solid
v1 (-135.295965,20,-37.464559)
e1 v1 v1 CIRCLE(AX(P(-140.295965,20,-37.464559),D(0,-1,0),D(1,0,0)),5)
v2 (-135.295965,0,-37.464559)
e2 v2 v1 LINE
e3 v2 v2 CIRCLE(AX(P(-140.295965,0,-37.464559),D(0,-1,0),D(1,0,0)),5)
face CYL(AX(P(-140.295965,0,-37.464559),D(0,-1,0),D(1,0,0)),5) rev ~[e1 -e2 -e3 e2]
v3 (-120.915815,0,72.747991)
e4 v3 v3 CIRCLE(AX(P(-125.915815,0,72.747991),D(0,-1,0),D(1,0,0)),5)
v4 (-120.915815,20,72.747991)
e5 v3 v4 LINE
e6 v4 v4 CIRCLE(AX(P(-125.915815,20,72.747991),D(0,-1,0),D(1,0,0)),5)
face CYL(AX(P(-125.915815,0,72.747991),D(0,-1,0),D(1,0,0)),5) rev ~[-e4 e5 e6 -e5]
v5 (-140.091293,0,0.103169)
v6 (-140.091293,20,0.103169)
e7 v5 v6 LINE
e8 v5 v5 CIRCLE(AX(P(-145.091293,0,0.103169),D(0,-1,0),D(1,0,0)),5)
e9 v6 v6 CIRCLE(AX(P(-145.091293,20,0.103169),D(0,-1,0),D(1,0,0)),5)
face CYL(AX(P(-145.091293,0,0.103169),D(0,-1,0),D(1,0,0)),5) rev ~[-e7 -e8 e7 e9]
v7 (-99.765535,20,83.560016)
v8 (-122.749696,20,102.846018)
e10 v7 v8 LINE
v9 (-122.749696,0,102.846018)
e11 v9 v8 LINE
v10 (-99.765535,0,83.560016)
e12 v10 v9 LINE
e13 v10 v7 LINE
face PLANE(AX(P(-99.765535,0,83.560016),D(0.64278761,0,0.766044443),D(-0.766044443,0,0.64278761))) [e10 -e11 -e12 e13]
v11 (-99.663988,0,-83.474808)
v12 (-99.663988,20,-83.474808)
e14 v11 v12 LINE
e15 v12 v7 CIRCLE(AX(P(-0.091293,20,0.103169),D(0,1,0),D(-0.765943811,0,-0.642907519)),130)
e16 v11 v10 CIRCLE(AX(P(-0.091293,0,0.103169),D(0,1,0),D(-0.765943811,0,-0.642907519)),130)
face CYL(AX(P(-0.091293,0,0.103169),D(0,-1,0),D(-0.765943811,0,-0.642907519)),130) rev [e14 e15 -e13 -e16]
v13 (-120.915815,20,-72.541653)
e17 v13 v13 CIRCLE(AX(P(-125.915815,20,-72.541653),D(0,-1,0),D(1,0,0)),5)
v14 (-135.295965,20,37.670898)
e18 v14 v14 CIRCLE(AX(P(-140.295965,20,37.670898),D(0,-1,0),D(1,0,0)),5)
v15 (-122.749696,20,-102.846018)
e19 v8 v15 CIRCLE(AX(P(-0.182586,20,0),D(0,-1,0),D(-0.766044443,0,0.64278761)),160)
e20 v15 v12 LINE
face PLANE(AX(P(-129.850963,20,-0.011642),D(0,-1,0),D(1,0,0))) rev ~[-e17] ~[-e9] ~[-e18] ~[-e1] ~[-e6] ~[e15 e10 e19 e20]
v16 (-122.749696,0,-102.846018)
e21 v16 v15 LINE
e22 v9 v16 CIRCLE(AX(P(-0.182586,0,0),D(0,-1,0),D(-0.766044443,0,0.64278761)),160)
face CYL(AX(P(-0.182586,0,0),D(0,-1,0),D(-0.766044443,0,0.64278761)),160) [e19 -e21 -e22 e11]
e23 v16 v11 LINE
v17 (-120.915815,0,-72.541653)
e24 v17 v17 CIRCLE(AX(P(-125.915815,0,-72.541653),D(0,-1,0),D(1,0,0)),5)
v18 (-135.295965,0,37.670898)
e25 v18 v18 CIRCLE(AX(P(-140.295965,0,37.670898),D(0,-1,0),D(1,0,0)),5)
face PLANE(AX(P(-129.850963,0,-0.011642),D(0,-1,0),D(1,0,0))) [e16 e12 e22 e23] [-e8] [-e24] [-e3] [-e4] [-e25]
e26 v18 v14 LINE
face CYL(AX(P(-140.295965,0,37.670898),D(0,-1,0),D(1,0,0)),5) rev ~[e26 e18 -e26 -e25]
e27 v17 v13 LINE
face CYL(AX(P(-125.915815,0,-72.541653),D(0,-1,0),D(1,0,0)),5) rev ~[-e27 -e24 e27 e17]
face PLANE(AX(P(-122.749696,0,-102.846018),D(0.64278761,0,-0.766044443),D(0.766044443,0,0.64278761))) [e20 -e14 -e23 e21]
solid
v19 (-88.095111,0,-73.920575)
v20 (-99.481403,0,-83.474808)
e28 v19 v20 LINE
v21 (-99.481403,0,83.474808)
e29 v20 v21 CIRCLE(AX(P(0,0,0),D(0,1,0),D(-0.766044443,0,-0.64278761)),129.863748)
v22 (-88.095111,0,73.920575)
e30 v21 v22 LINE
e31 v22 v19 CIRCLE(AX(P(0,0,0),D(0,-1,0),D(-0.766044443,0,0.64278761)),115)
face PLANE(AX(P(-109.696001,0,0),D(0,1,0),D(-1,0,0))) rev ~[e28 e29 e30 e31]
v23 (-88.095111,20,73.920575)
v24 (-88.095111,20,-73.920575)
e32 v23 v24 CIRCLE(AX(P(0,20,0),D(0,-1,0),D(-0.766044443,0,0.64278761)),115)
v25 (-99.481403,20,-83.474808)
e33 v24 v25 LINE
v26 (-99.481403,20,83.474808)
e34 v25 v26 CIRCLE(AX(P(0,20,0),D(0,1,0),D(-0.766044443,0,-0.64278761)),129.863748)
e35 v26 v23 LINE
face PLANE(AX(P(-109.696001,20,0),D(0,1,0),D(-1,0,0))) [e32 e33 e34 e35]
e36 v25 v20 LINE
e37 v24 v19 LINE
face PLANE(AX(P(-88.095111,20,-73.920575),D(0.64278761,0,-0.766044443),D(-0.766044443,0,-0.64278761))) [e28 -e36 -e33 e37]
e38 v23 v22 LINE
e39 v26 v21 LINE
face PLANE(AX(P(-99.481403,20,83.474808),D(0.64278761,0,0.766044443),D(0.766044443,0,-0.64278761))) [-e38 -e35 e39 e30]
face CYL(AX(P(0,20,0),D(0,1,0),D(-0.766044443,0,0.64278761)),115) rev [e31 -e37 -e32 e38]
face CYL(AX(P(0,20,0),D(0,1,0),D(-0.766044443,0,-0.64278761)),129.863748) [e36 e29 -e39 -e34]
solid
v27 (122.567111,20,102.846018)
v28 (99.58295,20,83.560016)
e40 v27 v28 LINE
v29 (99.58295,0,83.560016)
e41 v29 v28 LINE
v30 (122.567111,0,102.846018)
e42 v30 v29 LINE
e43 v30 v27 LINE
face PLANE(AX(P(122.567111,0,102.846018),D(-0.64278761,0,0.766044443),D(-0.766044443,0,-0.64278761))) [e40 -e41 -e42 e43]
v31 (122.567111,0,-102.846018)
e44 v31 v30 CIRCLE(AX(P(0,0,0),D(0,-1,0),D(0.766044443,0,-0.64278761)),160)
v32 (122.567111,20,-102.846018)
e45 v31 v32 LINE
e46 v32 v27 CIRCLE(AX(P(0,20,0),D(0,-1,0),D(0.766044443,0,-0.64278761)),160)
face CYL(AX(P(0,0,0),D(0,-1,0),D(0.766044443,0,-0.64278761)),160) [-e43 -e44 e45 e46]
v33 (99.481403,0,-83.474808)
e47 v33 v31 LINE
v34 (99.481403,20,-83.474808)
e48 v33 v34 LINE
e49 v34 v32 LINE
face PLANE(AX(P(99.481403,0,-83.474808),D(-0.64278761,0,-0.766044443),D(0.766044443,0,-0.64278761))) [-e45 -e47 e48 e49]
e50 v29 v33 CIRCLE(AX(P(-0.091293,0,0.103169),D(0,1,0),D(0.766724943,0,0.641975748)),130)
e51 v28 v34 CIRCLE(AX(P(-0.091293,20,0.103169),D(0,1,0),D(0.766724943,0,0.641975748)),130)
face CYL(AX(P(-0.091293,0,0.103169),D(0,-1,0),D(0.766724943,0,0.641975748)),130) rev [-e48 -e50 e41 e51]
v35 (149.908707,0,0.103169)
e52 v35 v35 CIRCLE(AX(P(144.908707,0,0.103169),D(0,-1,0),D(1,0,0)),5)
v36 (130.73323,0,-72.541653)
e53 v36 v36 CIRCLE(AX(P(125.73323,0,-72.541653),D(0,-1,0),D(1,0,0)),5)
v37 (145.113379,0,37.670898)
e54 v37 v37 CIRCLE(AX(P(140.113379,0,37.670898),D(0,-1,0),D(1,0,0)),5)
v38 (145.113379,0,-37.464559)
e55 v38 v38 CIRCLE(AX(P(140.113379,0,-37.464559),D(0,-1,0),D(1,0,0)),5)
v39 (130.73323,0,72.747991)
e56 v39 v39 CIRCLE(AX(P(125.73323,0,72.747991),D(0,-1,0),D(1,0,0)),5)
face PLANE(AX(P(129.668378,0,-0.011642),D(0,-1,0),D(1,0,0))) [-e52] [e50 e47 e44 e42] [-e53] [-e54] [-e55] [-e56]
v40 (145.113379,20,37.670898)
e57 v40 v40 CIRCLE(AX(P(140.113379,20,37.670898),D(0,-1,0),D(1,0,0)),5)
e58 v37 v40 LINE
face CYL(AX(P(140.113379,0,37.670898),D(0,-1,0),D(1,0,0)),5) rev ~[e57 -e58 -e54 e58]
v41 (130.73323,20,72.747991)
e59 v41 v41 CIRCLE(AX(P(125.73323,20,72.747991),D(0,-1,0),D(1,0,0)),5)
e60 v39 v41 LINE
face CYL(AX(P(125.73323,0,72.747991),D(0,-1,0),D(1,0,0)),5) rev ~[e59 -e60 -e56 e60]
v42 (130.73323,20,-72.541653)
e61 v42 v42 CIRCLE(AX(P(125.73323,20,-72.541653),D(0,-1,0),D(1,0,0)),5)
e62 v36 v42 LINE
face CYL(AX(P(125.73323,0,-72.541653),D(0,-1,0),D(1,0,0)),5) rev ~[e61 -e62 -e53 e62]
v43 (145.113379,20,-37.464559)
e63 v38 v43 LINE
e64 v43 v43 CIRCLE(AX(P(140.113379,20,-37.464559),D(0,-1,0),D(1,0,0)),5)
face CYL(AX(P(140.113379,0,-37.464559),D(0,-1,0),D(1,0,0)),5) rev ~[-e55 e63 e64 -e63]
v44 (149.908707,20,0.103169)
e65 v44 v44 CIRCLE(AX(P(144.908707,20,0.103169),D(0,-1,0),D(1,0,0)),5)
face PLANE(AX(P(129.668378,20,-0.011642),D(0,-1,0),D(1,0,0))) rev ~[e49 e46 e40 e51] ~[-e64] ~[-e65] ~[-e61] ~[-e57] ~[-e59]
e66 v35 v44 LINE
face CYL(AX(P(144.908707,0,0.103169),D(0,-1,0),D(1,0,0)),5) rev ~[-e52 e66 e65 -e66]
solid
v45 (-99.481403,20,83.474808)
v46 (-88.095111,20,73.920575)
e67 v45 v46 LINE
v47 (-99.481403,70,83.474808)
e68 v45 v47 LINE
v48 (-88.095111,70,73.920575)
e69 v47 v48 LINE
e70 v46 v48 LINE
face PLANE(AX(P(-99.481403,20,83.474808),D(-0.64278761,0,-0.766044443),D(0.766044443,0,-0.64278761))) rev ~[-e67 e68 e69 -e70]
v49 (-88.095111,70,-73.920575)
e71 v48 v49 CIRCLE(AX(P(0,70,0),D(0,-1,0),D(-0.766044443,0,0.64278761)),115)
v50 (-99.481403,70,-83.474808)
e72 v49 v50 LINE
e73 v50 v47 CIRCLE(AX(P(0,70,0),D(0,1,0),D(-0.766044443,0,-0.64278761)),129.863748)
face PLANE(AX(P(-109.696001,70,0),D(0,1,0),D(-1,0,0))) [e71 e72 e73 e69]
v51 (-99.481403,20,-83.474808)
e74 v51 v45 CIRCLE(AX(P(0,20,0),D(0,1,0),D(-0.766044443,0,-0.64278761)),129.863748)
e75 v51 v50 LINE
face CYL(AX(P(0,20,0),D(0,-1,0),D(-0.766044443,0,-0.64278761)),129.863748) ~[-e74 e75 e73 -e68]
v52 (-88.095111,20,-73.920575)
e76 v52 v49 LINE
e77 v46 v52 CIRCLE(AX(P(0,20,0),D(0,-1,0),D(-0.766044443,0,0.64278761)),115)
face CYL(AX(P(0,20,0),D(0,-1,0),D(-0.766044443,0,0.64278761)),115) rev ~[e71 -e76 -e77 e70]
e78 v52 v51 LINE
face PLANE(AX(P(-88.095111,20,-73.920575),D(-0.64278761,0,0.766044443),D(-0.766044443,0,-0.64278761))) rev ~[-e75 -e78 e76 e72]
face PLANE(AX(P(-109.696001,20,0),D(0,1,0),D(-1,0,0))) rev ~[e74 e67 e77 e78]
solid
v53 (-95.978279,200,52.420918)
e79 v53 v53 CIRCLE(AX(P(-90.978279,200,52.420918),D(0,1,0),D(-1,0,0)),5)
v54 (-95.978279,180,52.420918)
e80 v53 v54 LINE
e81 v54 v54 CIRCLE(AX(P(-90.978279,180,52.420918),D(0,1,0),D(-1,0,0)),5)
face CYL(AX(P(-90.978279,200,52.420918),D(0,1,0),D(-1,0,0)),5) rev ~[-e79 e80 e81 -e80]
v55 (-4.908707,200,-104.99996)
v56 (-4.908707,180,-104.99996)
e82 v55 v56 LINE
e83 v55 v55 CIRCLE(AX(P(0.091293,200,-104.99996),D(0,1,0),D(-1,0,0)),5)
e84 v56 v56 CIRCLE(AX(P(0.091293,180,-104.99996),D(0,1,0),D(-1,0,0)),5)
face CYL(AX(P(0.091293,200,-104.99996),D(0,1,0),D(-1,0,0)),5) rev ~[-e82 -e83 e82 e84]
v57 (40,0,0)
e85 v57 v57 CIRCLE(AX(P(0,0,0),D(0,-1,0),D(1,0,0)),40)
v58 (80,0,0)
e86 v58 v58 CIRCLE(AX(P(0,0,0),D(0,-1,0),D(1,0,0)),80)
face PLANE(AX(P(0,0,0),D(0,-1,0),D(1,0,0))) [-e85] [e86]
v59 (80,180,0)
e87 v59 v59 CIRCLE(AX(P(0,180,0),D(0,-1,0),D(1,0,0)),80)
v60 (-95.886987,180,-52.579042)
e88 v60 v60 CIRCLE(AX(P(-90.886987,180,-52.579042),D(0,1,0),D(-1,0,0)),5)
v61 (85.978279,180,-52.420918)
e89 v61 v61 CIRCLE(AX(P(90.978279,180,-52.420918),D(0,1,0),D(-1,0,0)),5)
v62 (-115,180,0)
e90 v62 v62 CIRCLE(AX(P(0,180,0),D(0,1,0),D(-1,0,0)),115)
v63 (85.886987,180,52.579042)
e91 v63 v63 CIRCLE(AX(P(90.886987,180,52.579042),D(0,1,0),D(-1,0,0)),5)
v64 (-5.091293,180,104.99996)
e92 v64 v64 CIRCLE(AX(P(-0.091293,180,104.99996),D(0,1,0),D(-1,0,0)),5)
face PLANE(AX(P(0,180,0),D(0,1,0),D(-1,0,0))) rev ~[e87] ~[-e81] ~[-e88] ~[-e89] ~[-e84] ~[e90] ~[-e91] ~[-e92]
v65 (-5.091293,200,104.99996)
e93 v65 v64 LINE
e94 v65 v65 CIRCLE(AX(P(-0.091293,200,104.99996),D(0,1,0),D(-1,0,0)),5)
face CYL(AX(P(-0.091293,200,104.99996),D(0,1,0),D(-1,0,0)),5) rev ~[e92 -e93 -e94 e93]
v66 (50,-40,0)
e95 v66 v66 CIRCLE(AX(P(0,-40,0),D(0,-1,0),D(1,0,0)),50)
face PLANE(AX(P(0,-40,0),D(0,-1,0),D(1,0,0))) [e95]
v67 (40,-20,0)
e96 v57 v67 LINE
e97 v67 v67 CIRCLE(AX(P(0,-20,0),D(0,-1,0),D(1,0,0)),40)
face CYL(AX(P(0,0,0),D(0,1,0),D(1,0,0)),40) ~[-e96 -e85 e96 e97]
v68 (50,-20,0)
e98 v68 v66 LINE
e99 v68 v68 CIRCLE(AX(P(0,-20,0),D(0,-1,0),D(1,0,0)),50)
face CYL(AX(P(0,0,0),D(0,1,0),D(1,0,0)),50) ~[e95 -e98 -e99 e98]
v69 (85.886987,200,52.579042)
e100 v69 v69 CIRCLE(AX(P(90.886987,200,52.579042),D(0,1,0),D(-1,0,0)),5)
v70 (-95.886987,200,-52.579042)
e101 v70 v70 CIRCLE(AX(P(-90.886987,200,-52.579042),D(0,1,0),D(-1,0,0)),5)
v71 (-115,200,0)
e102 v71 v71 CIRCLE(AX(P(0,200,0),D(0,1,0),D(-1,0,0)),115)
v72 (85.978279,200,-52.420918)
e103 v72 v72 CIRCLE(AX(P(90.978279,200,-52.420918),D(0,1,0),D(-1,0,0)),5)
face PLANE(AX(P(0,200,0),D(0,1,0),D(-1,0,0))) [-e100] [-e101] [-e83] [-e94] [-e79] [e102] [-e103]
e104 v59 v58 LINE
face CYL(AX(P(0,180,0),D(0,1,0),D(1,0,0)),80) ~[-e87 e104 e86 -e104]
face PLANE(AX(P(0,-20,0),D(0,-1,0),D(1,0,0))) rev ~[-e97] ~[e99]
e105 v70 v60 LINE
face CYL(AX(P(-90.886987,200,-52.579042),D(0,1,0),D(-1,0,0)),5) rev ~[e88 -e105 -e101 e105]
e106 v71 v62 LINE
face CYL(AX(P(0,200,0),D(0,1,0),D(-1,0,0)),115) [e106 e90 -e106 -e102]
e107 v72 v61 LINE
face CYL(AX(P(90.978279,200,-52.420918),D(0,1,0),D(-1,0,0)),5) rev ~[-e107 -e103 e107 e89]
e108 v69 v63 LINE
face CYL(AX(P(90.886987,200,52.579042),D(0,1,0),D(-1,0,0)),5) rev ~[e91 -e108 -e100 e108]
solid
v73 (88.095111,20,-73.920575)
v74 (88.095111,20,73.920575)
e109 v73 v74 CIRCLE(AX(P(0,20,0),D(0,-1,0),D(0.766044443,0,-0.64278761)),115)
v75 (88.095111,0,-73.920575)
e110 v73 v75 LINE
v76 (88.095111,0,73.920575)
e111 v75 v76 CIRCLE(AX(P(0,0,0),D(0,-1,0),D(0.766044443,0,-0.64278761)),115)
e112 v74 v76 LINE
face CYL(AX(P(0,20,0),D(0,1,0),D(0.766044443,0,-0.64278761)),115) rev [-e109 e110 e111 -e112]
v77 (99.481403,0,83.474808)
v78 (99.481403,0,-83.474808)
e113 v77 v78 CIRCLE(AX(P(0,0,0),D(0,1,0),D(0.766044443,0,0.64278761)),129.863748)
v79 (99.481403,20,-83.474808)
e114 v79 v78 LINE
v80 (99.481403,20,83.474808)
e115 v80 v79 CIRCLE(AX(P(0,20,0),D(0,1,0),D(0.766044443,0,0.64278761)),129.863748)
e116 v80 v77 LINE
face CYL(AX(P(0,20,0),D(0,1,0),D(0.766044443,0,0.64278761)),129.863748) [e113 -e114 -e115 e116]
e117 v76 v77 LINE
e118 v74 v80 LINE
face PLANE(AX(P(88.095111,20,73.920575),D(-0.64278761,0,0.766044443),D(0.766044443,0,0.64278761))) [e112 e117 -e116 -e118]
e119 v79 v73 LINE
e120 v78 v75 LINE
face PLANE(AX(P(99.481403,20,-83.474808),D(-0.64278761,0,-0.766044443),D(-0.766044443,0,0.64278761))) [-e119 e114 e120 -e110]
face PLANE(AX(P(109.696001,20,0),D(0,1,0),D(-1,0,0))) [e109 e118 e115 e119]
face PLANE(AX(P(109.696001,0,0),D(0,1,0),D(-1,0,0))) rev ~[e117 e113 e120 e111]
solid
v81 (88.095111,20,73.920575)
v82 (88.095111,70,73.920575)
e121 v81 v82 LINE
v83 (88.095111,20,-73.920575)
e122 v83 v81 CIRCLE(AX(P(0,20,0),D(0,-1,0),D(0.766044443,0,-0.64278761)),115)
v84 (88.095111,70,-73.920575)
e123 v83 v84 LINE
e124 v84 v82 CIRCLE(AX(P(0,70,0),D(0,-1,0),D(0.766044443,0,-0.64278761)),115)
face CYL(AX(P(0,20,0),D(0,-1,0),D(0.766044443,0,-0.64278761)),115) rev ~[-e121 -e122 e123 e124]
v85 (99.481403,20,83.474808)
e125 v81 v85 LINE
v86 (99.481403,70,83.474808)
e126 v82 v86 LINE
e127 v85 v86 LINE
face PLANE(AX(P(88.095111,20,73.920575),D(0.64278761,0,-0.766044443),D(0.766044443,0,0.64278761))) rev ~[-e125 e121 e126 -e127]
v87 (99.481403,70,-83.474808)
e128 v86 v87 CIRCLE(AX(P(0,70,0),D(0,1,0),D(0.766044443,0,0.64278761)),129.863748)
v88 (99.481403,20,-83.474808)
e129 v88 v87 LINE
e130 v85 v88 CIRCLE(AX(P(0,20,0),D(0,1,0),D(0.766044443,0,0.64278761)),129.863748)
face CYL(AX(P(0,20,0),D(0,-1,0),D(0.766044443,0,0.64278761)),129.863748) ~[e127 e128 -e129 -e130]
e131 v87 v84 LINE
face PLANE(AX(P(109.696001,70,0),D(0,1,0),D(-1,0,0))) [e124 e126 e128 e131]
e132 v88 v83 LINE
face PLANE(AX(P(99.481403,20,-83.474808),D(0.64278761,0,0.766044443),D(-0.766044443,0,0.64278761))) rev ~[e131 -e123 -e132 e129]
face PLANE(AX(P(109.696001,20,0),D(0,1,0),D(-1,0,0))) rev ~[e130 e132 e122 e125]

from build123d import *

# Parameters (mm, degrees)
F0_R      = 5
F1_DEPTH  = 20
F3_R      = 115
F3_R_2    = 5
F3_R_3    = 95
F4_DEPTH  = 20
F5_R      = 80
F6_DEPTH  = 180
F7_R      = 50
F7_R_2    = 40
F8_DEPTH  = 40
F9_DEPTH  = 20
F11_DEPTH = 20
F12_DEPTH = 50


with BuildPart() as f1:
    # F0 (on Front) → F1 (new body)
    with BuildSketch(Plane.XZ):
        with BuildLine():
            Line((122.567110899, 102.8460175499), (99.5829498528, 83.5600164931))
            ThreePointArc((99.5829498528, 83.5600164931), (129.9086831953, 0.0241370063), (99.481402654, -83.4748082759))
            Line((99.481402654, -83.4748082759), (122.567110899, -102.8460175499))
            ThreePointArc((122.567110899, -102.8460175499), (160, 0), (122.567110899, 102.8460175499))
        make_face()
        with Locations((125.7332297188, -72.5416527074)):
            Circle(F0_R, mode=Mode.SUBTRACT)
        with Locations((140.1133790573, -37.4645593656)):
            Circle(F0_R, mode=Mode.SUBTRACT)
        with Locations((144.9087072187, 0.1031692286)):
            Circle(F0_R, mode=Mode.SUBTRACT)
        with Locations((140.1133790573, 37.6708978229)):
            Circle(F0_R, mode=Mode.SUBTRACT)
        with Locations((125.7332297188, 72.7479911647)):
            Circle(F0_R, mode=Mode.SUBTRACT)
    extrude(amount=-F1_DEPTH)


with BuildPart() as f1b:
    # F0 (on Front) → F1, piece 2 (new body)
    with BuildSketch(Plane.XZ):
        with BuildLine():
            ThreePointArc((-99.6639882165, -83.4748082759), (-130.0912687578, 0.0241370063), (-99.7655354154, 83.5600164931))
            Line((-99.7655354154, 83.5600164931), (-122.7496964616, 102.8460175499))
            ThreePointArc((-122.7496964616, 102.8460175499), (-160.1825855625, 0), (-122.7496964616, -102.8460175499))
            Line((-122.7496964616, -102.8460175499), (-99.6639882165, -83.4748082759))
        make_face()
        with Locations((-125.9158152813, -72.5416527074)):
            Circle(F0_R, mode=Mode.SUBTRACT)
        with Locations((-140.2959646198, -37.4645593656)):
            Circle(F0_R, mode=Mode.SUBTRACT)
        with Locations((-145.0912927813, 0.1031692286)):
            Circle(F0_R, mode=Mode.SUBTRACT)
        with Locations((-140.2959646198, 37.6708978229)):
            Circle(F0_R, mode=Mode.SUBTRACT)
        with Locations((-125.9158152813, 72.7479911647)):
            Circle(F0_R, mode=Mode.SUBTRACT)
    extrude(amount=-F1_DEPTH)


with BuildPart() as f4:
    # F3 (on offset) → F4 (new body)
    with BuildSketch(Plane(origin=(0, 200, 0), x_dir=(-1, 0, 0), z_dir=(0, 1, 0))):
        Circle(F3_R)
        with Locations((-0.0912927813, -104.9999603125)):
            Circle(F3_R_2, mode=Mode.SUBTRACT)
        with Locations((-90.9782794176, -52.4209182885)):
            Circle(F3_R_2, mode=Mode.SUBTRACT)
        with Locations((90.8869866364, -52.579042024)):
            Circle(F3_R_2, mode=Mode.SUBTRACT)
        with Locations((-90.8869866364, 52.579042024)):
            Circle(F3_R_2, mode=Mode.SUBTRACT)
        Circle(F3_R_3, mode=Mode.SUBTRACT)
        with Locations((90.9782794176, 52.4209182885)):
            Circle(F3_R_2, mode=Mode.SUBTRACT)
        with Locations((0.0912927813, 104.9999603125)):
            Circle(F3_R_2, mode=Mode.SUBTRACT)
        Circle(F3_R_3)
    extrude(amount=-F4_DEPTH)

    # F5 (on face) → F6 (join)
    with BuildSketch(Plane.XZ.offset(-180)):
        Circle(F5_R)
    extrude(amount=F6_DEPTH)

    # F7 (on face) → F8 (join)
    with BuildSketch(Plane.XZ):
        Circle(F7_R)
        Circle(F7_R_2, mode=Mode.SUBTRACT)
        Circle(F7_R_2)
    extrude(amount=F8_DEPTH)

    # F7 (on face) → F9 (cut)
    with BuildSketch(Plane.XZ):
        Circle(F7_R)
        Circle(F7_R_2, mode=Mode.SUBTRACT)
    extrude(amount=F9_DEPTH, mode=Mode.SUBTRACT)


with BuildPart() as f11:
    # F10 (on face) → F11 (new body)
    with BuildSketch(Plane(origin=(0, 20, 0), x_dir=(-1, 0, 0), z_dir=(0, 1, 0))):
        with BuildLine():
            Line((88.0951109587, -73.920575114), (99.481402654, -83.4748082759))
            ThreePointArc((99.481402654, -83.4748082759), (129.8637481775, 0), (99.481402654, 83.4748082759))
            Line((99.481402654, 83.4748082759), (88.0951109587, 73.920575114))
            ThreePointArc((88.0951109587, 73.920575114), (115, 0), (88.0951109587, -73.920575114))
        make_face()
    extrude(amount=-F11_DEPTH)


with BuildPart() as f11b:
    # F10 (on face) → F11, piece 2 (new body)
    with BuildSketch(Plane(origin=(0, 20, 0), x_dir=(-1, 0, 0), z_dir=(0, 1, 0))):
        with BuildLine():
            Line((-88.0951109587, 73.920575114), (-99.481402654, 83.4748082759))
            ThreePointArc((-99.481402654, 83.4748082759), (-129.8637481775, 0), (-99.481402654, -83.4748082759))
            Line((-99.481402654, -83.4748082759), (-88.0951109587, -73.920575114))
            ThreePointArc((-88.0951109587, -73.920575114), (-115, 0), (-88.0951109587, 73.920575114))
        make_face()
    extrude(amount=-F11_DEPTH)


with BuildPart() as f12:
    # F10 (on face) → F12 (new body)
    with BuildSketch(Plane(origin=(0, 20, 0), x_dir=(-1, 0, 0), z_dir=(0, 1, 0))):
        with BuildLine():
            Line((88.0951109587, -73.920575114), (99.481402654, -83.4748082759))
            ThreePointArc((99.481402654, -83.4748082759), (129.8637481775, 0), (99.481402654, 83.4748082759))
            Line((99.481402654, 83.4748082759), (88.0951109587, 73.920575114))
            ThreePointArc((88.0951109587, 73.920575114), (115, 0), (88.0951109587, -73.920575114))
        make_face()
    extrude(amount=F12_DEPTH)


with BuildPart() as f12b:
    # F10 (on face) → F12, piece 2 (new body)
    with BuildSketch(Plane(origin=(0, 20, 0), x_dir=(-1, 0, 0), z_dir=(0, 1, 0))):
        with BuildLine():
            Line((-88.0951109587, 73.920575114), (-99.481402654, 83.4748082759))
            ThreePointArc((-99.481402654, 83.4748082759), (-129.8637481775, 0), (-99.481402654, -83.4748082759))
            Line((-99.481402654, -83.4748082759), (-88.0951109587, -73.920575114))
            ThreePointArc((-88.0951109587, -73.920575114), (-115, 0), (-88.0951109587, 73.920575114))
        make_face()
    extrude(amount=F12_DEPTH)


solid = Compound([f1.part, f1b.part, f4.part, f11.part, f11b.part, f12.part, f12b.part])
